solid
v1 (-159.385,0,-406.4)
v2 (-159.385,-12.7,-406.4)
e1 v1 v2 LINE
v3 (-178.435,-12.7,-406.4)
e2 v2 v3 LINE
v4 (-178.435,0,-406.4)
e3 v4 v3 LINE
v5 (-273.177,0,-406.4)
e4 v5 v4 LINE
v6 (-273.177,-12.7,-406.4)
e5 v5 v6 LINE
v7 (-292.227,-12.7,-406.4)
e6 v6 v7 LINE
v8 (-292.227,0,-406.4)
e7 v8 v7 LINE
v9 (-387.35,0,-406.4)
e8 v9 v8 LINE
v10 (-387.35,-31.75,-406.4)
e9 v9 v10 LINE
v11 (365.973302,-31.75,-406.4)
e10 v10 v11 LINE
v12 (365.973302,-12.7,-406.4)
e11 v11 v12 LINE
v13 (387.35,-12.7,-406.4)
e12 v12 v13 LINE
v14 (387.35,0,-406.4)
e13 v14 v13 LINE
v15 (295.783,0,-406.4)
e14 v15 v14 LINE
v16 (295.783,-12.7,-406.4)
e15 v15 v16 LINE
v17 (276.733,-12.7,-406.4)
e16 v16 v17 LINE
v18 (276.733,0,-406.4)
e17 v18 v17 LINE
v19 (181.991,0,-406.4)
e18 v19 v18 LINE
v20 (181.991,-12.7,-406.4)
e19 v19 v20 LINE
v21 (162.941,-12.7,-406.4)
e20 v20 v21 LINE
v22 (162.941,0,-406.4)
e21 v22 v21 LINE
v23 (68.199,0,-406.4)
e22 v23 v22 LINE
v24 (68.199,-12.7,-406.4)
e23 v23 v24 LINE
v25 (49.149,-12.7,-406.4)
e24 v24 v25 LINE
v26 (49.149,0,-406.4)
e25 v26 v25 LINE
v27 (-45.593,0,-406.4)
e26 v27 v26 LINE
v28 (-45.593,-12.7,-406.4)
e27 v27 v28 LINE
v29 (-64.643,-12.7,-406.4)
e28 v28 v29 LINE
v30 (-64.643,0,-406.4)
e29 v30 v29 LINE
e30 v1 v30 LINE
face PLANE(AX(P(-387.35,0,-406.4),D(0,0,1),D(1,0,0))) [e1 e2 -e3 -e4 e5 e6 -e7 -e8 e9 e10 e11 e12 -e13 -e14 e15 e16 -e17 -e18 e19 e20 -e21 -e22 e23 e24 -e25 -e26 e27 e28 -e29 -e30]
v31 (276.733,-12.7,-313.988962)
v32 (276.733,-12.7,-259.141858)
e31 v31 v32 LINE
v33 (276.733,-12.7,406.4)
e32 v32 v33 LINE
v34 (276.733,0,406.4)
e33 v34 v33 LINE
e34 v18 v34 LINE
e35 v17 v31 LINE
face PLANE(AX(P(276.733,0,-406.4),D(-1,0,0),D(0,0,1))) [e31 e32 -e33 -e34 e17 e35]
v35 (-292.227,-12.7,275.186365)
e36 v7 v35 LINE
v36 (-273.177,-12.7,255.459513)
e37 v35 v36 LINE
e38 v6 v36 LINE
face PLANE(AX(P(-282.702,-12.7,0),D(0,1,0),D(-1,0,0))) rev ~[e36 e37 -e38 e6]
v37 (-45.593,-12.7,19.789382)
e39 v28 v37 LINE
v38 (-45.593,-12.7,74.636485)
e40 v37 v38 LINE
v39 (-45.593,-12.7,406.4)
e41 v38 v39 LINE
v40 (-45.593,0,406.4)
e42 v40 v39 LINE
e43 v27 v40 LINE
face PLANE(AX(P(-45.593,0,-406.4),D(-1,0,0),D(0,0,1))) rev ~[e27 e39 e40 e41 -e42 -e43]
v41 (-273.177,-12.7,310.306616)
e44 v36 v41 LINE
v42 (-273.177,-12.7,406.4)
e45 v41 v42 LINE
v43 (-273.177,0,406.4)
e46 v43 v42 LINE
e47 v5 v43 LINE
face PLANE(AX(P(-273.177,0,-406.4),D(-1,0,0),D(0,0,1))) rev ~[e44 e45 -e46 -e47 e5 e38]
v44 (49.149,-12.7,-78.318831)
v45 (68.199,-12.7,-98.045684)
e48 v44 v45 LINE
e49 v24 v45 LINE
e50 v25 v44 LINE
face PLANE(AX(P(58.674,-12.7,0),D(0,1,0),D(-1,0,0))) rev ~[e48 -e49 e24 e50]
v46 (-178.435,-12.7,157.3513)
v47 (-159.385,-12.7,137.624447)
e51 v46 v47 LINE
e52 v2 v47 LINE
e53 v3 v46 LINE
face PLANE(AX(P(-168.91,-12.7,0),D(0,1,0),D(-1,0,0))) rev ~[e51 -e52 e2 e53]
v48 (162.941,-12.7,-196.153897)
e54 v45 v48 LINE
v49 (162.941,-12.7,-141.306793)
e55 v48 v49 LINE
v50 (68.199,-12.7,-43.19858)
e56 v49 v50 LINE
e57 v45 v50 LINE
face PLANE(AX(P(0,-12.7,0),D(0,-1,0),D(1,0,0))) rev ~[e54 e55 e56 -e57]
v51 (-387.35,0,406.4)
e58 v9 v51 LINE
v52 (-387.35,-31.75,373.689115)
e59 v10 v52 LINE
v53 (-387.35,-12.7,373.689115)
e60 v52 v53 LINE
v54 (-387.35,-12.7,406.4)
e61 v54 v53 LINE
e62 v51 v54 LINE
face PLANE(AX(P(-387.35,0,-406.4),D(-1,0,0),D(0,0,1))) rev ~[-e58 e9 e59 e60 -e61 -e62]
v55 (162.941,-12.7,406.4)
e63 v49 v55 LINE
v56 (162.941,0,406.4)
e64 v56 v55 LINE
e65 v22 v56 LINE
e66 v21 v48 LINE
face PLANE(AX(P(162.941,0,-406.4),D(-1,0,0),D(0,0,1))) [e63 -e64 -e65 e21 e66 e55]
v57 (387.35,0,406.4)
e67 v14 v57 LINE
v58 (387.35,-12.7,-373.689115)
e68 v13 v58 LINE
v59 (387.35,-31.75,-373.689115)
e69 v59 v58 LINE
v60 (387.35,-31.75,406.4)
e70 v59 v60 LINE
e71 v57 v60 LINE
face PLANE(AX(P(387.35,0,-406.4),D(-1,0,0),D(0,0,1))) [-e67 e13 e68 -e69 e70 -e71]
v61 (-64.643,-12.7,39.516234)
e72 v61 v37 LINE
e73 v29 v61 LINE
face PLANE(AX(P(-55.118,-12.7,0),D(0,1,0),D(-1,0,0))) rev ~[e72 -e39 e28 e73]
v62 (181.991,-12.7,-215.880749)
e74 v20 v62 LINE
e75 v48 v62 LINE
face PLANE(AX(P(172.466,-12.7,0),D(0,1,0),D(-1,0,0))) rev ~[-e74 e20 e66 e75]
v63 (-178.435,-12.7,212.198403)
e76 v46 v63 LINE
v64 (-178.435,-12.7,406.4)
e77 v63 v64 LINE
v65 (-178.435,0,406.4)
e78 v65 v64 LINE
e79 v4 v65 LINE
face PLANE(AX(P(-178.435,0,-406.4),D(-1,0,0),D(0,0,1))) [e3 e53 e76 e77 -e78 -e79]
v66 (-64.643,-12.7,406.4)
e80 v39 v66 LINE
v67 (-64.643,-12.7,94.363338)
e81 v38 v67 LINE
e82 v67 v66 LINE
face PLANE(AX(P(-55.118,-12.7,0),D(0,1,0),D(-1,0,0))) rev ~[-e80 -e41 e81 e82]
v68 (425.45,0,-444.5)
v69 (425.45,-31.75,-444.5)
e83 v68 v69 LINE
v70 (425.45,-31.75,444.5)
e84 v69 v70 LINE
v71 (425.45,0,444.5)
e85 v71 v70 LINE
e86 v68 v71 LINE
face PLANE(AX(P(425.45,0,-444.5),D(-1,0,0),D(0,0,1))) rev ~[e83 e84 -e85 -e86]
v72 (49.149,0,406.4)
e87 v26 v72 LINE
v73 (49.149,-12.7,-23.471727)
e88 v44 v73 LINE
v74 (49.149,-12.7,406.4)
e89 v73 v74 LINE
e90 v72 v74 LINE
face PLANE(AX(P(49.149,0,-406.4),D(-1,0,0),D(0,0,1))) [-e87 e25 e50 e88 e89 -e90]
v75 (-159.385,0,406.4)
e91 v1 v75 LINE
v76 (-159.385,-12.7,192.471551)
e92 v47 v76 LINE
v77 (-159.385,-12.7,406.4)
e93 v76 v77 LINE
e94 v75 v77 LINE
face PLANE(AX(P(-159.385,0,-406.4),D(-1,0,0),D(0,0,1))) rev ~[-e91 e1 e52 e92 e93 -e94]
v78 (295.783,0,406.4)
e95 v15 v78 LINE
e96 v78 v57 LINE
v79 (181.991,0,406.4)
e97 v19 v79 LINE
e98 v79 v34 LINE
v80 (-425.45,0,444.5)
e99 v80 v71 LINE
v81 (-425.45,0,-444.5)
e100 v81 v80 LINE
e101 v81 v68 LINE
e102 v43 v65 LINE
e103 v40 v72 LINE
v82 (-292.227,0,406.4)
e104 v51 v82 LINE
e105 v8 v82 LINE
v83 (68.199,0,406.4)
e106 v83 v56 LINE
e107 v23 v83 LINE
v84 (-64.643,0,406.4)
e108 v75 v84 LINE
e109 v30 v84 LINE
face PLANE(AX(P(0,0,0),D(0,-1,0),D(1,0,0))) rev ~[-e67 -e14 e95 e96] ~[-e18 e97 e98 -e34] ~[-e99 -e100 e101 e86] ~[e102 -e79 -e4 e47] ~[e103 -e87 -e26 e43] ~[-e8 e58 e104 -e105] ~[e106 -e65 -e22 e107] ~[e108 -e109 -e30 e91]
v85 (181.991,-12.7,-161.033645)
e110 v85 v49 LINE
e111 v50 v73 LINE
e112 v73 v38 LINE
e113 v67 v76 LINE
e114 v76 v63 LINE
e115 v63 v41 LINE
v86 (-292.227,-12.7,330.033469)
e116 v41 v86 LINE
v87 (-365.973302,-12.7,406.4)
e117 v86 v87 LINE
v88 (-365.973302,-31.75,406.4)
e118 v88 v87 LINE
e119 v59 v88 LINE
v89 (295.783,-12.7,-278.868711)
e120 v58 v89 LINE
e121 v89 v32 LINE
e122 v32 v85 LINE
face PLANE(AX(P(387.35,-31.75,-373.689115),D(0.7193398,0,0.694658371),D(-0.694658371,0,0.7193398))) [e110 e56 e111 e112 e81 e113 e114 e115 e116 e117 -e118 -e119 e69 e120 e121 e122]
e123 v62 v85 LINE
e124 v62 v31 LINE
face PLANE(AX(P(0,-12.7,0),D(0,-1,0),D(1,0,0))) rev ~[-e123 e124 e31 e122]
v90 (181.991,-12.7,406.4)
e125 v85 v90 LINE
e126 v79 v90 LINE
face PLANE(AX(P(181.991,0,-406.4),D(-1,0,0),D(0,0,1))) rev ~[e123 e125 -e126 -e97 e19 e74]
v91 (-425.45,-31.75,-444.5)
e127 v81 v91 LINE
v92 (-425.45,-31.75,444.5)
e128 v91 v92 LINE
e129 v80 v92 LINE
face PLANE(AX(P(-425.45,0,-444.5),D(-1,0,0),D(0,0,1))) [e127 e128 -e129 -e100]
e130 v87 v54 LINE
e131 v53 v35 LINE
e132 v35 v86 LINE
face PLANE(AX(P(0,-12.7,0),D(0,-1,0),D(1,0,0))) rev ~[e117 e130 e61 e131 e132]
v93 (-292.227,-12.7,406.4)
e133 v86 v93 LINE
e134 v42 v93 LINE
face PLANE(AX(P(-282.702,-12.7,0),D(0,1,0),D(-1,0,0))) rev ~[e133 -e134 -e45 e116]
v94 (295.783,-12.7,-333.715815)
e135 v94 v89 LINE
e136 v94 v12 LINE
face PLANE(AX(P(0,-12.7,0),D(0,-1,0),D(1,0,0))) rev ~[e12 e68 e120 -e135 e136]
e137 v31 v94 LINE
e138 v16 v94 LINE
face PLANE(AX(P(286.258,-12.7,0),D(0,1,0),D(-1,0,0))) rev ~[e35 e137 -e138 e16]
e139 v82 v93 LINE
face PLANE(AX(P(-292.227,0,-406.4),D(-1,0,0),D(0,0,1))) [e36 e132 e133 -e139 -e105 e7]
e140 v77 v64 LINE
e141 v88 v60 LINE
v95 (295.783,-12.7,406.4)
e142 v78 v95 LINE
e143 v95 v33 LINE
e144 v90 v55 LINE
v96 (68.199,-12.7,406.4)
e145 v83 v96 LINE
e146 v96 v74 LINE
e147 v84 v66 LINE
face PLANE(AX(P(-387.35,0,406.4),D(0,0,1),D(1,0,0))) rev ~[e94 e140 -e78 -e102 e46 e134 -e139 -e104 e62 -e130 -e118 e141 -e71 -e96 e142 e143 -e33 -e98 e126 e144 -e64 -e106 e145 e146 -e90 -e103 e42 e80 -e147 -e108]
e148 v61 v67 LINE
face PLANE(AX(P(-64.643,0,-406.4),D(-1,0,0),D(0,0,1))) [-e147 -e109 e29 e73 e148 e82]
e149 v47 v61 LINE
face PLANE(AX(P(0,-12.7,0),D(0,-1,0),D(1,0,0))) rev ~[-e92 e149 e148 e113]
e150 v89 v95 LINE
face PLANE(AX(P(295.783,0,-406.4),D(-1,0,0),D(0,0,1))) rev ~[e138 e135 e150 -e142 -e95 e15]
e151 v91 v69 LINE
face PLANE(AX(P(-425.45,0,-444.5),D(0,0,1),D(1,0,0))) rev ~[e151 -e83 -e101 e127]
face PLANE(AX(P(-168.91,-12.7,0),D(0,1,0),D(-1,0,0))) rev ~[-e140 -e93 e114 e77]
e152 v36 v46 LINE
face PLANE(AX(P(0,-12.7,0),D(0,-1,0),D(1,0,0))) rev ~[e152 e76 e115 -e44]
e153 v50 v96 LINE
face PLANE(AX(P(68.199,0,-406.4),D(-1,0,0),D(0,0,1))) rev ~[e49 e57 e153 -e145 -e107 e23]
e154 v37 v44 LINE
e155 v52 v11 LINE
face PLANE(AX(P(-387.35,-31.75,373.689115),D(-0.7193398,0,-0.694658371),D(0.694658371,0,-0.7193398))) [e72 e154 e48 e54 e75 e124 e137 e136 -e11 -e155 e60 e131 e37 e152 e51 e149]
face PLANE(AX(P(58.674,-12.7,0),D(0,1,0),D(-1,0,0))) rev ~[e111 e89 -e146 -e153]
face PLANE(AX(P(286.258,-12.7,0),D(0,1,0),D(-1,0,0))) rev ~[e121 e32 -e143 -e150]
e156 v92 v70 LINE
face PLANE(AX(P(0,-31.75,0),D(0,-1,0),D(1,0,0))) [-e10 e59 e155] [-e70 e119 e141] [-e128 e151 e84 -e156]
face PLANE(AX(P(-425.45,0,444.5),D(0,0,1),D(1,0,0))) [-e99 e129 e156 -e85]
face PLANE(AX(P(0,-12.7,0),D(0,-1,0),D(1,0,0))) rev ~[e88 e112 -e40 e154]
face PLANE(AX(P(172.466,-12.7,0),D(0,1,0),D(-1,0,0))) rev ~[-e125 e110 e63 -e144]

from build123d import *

# Parameters (mm, degrees)
F0_W     = 850.9
F0_H     = 889
F0_W_2   = 774.7
F0_H_2   = 812.8
F1_DEPTH = 31.75
F2_W     = 19.05
F2_H     = 812.8
F3_DEPTH = 12.7
F5_DEPTH = 19.05


with BuildPart() as f1:
    # F0 (on Front) → F1 (new body)
    with BuildSketch(Plane.XZ):
        Rectangle(F0_W, F0_H)
        Rectangle(F0_W_2, F0_H_2, mode=Mode.SUBTRACT)
    extrude(amount=F1_DEPTH)

    # F2 (on face) → F3 (join)
    with BuildSketch(Plane(origin=(0, 0, 0), x_dir=(-1, 0, 0), z_dir=(0, 1, 0))):
        with Locations((-286.258, 0)):
            Rectangle(F2_W, F2_H)
        with Locations((-172.466, 0)):
            Rectangle(F2_W, F2_H)
        with Locations((-58.674, 0)):
            Rectangle(F2_W, F2_H)
        with Locations((55.118, 0)):
            Rectangle(F2_W, F2_H)
        with Locations((168.91, 0)):
            Rectangle(F2_W, F2_H)
        with Locations((282.702, 0)):
            Rectangle(F2_W, F2_H)
    extrude(amount=-F3_DEPTH)

    # F4 (on face) → F5 (join)
    with BuildSketch(Plane.XZ.offset(31.75)):
        Polygon((387.35, -373.689115), (-365.973302, 406.4), (-387.35, 406.4), (-387.35, 373.689115), (365.973302, -406.4), (387.35, -406.4), align=None)
    extrude(amount=-F5_DEPTH)


solid = f1.part
